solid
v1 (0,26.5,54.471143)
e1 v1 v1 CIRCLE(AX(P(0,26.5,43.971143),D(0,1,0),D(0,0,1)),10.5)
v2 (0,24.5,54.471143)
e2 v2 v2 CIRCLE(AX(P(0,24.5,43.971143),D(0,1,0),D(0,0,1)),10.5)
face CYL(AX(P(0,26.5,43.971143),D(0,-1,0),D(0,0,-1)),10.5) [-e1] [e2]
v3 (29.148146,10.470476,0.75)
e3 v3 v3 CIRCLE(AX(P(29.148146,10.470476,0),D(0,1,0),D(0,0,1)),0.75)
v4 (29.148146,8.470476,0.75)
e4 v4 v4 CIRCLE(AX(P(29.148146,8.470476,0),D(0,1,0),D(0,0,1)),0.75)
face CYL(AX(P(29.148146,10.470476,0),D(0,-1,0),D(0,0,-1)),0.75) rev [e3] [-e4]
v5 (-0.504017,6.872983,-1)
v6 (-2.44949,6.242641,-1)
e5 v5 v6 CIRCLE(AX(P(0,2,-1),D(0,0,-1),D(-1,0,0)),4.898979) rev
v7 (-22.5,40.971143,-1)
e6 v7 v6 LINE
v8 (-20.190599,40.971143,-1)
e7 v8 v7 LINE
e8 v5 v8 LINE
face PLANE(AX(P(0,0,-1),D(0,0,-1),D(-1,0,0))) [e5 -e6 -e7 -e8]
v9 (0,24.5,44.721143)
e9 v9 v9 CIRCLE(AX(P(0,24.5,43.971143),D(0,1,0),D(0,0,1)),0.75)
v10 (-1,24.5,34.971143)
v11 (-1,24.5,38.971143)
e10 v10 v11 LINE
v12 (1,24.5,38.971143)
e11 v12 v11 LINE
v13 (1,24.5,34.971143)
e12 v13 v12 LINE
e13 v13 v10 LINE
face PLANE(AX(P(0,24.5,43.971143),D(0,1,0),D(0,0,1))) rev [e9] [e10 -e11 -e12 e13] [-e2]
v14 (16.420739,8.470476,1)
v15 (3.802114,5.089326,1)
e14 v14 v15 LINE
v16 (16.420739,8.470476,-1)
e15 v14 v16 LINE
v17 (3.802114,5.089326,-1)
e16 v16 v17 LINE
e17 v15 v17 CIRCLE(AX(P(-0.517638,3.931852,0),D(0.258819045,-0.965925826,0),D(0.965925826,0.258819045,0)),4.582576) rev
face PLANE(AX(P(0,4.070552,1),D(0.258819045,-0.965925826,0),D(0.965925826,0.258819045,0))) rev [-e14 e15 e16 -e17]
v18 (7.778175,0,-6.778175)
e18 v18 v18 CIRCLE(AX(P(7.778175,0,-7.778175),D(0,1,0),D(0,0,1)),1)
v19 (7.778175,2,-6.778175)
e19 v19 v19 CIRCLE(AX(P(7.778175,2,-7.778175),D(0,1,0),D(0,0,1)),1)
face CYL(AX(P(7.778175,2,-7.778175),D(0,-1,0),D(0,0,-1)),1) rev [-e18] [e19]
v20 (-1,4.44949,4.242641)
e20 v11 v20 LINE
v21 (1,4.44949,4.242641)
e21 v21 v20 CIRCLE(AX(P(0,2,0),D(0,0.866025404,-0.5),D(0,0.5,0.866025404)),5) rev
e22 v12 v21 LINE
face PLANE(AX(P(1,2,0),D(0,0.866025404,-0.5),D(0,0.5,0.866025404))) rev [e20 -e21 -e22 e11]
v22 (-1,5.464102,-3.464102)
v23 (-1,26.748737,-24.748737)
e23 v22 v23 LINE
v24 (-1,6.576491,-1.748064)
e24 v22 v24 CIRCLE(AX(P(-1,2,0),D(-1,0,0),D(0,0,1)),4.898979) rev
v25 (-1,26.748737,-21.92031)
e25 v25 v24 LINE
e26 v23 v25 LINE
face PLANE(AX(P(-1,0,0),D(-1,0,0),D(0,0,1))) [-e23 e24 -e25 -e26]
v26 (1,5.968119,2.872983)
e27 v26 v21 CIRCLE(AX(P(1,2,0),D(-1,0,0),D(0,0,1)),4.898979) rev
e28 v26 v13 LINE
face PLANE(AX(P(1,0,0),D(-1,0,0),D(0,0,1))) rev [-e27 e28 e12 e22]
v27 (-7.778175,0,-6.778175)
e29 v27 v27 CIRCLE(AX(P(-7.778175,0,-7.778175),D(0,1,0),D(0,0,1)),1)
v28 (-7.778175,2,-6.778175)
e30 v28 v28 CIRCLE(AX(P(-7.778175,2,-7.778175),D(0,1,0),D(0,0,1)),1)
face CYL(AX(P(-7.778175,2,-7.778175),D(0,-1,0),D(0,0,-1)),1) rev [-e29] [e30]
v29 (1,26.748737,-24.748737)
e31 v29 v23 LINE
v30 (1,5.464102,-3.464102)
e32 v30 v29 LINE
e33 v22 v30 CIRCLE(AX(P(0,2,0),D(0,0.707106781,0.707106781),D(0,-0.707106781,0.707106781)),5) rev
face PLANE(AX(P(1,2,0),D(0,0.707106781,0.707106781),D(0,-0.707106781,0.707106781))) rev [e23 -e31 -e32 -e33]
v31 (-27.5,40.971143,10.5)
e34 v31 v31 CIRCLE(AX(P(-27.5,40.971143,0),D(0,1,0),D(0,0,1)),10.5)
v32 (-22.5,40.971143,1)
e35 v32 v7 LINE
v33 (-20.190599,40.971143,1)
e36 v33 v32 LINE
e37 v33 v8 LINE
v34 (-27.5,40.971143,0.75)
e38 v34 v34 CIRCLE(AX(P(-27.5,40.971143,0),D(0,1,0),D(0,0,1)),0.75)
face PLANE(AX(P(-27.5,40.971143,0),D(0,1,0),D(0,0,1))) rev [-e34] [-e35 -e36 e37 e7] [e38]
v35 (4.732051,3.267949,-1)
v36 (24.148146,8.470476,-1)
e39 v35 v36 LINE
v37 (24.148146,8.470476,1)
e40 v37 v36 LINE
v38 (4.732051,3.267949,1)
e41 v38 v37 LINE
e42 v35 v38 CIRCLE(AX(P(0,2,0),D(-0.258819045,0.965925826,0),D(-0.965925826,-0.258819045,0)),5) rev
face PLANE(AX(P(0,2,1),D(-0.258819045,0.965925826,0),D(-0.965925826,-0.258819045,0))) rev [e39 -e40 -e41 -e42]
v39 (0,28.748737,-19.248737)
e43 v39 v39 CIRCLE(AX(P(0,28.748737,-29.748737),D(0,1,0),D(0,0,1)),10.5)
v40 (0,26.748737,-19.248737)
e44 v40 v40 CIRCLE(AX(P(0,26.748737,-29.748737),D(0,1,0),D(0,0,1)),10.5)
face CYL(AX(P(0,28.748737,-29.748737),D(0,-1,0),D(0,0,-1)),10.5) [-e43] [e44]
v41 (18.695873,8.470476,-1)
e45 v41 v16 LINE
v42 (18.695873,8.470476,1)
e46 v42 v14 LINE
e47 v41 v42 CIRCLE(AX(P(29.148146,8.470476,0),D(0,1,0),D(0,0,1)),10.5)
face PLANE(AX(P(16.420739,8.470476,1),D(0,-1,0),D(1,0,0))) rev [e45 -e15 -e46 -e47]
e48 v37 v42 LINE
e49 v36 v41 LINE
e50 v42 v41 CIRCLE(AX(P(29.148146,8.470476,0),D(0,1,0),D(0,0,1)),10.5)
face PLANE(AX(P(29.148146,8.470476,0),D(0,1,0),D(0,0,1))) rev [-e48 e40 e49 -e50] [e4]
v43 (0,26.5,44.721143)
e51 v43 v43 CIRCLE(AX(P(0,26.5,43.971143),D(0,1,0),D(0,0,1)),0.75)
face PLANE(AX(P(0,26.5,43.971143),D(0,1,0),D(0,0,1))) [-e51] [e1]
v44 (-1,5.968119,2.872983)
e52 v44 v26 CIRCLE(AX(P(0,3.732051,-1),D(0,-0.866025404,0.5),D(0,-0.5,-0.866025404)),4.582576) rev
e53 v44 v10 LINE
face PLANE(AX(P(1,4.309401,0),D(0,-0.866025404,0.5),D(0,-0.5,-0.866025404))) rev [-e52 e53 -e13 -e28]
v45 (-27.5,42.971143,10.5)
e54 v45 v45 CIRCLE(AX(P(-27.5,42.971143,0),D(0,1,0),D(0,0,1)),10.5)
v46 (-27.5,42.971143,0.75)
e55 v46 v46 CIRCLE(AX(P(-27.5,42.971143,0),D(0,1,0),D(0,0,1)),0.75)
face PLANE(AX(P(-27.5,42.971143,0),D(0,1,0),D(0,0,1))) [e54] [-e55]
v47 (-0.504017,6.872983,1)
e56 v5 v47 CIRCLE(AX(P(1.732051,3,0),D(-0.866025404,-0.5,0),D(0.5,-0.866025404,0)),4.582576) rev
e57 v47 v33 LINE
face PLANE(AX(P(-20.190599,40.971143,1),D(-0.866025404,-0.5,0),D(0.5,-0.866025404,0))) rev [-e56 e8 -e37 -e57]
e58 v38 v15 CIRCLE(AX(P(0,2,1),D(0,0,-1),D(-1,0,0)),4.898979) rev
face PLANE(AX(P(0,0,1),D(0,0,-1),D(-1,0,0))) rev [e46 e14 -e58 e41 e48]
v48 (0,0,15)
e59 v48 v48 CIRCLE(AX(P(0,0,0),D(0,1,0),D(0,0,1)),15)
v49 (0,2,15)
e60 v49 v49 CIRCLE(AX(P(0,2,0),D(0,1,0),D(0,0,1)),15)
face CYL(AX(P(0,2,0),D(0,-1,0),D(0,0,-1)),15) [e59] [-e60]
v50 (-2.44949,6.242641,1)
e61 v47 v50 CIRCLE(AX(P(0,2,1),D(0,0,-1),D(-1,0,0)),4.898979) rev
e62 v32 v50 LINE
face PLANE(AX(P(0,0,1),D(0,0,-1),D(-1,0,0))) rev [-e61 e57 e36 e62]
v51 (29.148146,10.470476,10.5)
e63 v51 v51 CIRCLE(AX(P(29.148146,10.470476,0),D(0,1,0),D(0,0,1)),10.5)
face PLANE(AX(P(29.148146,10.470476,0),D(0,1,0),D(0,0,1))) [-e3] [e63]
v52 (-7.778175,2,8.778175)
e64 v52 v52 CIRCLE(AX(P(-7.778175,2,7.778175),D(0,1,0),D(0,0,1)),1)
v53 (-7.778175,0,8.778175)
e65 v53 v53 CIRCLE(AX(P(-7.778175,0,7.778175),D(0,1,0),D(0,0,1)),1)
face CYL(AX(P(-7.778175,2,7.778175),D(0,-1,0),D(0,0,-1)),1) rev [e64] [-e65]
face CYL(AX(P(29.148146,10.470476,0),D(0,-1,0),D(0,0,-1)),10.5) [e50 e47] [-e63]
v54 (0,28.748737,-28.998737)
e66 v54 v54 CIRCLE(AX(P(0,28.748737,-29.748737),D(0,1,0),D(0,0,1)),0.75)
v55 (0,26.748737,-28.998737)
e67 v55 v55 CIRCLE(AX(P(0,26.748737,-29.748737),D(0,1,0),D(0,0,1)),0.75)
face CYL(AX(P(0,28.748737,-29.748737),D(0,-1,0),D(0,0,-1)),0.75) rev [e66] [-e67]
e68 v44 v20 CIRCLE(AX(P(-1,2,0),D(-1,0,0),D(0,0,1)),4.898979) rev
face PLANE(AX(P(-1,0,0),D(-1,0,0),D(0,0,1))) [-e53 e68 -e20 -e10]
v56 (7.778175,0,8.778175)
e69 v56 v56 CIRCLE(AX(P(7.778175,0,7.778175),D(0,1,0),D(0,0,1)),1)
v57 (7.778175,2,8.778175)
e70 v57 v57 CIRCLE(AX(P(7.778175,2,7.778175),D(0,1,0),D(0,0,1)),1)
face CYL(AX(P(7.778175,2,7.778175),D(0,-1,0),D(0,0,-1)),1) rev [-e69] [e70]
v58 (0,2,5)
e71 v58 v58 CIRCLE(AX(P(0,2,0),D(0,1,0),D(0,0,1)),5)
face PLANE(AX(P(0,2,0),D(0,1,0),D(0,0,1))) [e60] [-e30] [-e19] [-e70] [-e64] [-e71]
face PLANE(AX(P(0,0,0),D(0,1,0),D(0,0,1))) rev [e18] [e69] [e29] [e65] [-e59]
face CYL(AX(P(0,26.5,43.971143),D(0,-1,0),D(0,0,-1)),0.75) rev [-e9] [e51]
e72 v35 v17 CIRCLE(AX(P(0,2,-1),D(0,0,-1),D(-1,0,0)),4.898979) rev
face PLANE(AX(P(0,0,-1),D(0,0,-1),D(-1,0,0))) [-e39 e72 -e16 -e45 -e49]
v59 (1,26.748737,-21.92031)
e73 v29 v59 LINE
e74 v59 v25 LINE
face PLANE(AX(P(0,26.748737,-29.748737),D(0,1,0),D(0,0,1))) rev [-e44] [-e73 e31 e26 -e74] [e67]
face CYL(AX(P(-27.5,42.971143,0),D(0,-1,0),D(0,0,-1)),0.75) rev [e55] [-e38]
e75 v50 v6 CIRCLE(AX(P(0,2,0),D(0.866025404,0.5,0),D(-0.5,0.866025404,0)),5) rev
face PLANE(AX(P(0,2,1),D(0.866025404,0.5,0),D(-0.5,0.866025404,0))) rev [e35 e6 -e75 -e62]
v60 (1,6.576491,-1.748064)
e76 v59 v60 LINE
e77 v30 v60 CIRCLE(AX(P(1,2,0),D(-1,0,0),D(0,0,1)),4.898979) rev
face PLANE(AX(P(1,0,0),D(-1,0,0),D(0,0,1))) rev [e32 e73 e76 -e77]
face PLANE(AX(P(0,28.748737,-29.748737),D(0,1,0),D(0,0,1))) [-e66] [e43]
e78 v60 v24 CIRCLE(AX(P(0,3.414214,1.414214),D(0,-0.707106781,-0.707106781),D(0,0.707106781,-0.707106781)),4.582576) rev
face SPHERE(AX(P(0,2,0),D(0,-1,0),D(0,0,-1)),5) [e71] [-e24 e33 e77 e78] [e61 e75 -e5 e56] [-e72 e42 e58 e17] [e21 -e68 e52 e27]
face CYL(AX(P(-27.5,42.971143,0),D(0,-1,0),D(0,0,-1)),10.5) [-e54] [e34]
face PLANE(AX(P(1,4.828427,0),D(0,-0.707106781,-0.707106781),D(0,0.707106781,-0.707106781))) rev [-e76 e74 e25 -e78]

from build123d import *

# Parameters (mm, degrees)
SKETCH_1_R      = 15
SKETCH_1_R_2    = 1
EXTRUDE_1_DEPTH = 2
EXTRUDE_2_DEPTH = 1
SKETCH_4_R      = 10.5
SKETCH_4_R_2    = 0.75
EXTRUDE_3_DEPTH = 2
SKETCH_5_R      = 10.5
SKETCH_5_R_2    = 0.75
EXTRUDE_4_DEPTH = 2
EXTRUDE_5_DEPTH = 1
SKETCH_7_R      = 10.5
SKETCH_7_R_2    = 0.75
EXTRUDE_6_DEPTH = 2
SKETCH_8_R      = 10.5
SKETCH_8_R_2    = 0.75
EXTRUDE_7_DEPTH = 2


with BuildPart() as part:
    # 草图1 → 凸台-拉伸1 (new body)
    with BuildSketch(Plane(origin=(0, 0, 0), x_dir=(1, 0, 0), z_dir=(0, 1, 0))):
        with Locations(Location((0, 0, 0), (0, 0, 270))):
            Circle(SKETCH_1_R)
        with Locations(Location((7.778174593, 7.778174593, 0), (0, 0, 270))):
            Circle(SKETCH_1_R_2, mode=Mode.SUBTRACT)
        with Locations(Location((-7.778174593, 7.778174593, 0), (0, 0, 270))):
            Circle(SKETCH_1_R_2, mode=Mode.SUBTRACT)
        with Locations(Location((-7.778174593, -7.778174593, 0), (0, 0, 270))):
            Circle(SKETCH_1_R_2, mode=Mode.SUBTRACT)
        with Locations(Location((7.778174593, -7.778174593, 0), (0, 0, 270))):
            Circle(SKETCH_1_R_2, mode=Mode.SUBTRACT)
    extrude(amount=EXTRUDE_1_DEPTH)

    # 草图2 → 旋转1 (revolve)
    with BuildSketch(Plane(origin=(0, 0, 0), x_dir=(0, 0, -1), z_dir=(1, 0, 0))):
        with BuildLine():
            Line((0, 2), (0, 7))
            ThreePointArc((0, 7), (3.535533906, 5.535533906), (5, 2))
            Line((5, 2), (0, 2))
        make_face()
    revolve(axis=Axis((0, 2, 0), (0, 1, 0)))

    # 草图3 → 凸台-拉伸2 (add, symmetric)
    with BuildSketch(Plane.XY):
        Polygon((0, 2), (24.148145657, 8.470476128), (16.420739047, 8.470476128), (0, 4.070552361), (0, 6), (-20.190598923, 40.97114317), (-22.5, 40.97114317), align=None)
    extrude(amount=EXTRUDE_2_DEPTH, both=True)

    # 草图4 → 凸台-拉伸3 (add)
    with BuildSketch(Plane(origin=(0, 8.470476128, 0), x_dir=(1, 0, 0), z_dir=(0, 1, 0))):
        with Locations(Location((29.148145657, 0, 0), (0, 0, 174.5349762))):
            Circle(SKETCH_4_R)
        with Locations(Location((29.148145657, 0, 0), (0, 0, 270))):
            Circle(SKETCH_4_R_2, mode=Mode.SUBTRACT)
    extrude(amount=EXTRUDE_3_DEPTH)

    # 草图5 → 凸台-拉伸4 (add)
    with BuildSketch(Plane(origin=(0, 40.97114317, 0), x_dir=(1, 0, 0), z_dir=(0, 1, 0))):
        with Locations(Location((-27.5, 0, 0), (0, 0, 270))):
            Circle(SKETCH_5_R)
        with Locations(Location((-27.5, 0, 0), (0, 0, 270))):
            Circle(SKETCH_5_R_2, mode=Mode.SUBTRACT)
    extrude(amount=EXTRUDE_4_DEPTH)

    # 草图6 → 凸台-拉伸5 (add, symmetric)
    with BuildSketch(Plane(origin=(0, 0, 0), x_dir=(0, 0, -1), z_dir=(1, 0, 0))):
        Polygon((0, 2), (24.748737342, 26.748737342), (21.920310217, 26.748737342), (0, 4.828427125), (0, 4.309401077), (-34.97114317, 24.5), (-38.97114317, 24.5), align=None)
    extrude(amount=EXTRUDE_5_DEPTH, both=True)

    # 草图7 → 凸台-拉伸6 (add)
    with BuildSketch(Plane(origin=(0, 26.748737342, 0), x_dir=(1, 0, 0), z_dir=(0, 1, 0))):
        with Locations(Location((0, 29.748737342, 0), (0, 0, 270))):
            Circle(SKETCH_7_R)
        with Locations(Location((0, 29.748737342, 0), (0, 0, 270))):
            Circle(SKETCH_7_R_2, mode=Mode.SUBTRACT)
    extrude(amount=EXTRUDE_6_DEPTH)

    # 草图8 → 凸台-拉伸7 (add)
    with BuildSketch(Plane(origin=(0, 24.5, 0), x_dir=(1, 0, 0), z_dir=(0, 1, 0))):
        with Locations(Location((0, -43.97114317, 0), (0, 0, 270))):
            Circle(SKETCH_8_R)
        with Locations(Location((0, -43.97114317, 0), (0, 0, 270))):
            Circle(SKETCH_8_R_2, mode=Mode.SUBTRACT)
    extrude(amount=EXTRUDE_7_DEPTH)


solid = part.part
